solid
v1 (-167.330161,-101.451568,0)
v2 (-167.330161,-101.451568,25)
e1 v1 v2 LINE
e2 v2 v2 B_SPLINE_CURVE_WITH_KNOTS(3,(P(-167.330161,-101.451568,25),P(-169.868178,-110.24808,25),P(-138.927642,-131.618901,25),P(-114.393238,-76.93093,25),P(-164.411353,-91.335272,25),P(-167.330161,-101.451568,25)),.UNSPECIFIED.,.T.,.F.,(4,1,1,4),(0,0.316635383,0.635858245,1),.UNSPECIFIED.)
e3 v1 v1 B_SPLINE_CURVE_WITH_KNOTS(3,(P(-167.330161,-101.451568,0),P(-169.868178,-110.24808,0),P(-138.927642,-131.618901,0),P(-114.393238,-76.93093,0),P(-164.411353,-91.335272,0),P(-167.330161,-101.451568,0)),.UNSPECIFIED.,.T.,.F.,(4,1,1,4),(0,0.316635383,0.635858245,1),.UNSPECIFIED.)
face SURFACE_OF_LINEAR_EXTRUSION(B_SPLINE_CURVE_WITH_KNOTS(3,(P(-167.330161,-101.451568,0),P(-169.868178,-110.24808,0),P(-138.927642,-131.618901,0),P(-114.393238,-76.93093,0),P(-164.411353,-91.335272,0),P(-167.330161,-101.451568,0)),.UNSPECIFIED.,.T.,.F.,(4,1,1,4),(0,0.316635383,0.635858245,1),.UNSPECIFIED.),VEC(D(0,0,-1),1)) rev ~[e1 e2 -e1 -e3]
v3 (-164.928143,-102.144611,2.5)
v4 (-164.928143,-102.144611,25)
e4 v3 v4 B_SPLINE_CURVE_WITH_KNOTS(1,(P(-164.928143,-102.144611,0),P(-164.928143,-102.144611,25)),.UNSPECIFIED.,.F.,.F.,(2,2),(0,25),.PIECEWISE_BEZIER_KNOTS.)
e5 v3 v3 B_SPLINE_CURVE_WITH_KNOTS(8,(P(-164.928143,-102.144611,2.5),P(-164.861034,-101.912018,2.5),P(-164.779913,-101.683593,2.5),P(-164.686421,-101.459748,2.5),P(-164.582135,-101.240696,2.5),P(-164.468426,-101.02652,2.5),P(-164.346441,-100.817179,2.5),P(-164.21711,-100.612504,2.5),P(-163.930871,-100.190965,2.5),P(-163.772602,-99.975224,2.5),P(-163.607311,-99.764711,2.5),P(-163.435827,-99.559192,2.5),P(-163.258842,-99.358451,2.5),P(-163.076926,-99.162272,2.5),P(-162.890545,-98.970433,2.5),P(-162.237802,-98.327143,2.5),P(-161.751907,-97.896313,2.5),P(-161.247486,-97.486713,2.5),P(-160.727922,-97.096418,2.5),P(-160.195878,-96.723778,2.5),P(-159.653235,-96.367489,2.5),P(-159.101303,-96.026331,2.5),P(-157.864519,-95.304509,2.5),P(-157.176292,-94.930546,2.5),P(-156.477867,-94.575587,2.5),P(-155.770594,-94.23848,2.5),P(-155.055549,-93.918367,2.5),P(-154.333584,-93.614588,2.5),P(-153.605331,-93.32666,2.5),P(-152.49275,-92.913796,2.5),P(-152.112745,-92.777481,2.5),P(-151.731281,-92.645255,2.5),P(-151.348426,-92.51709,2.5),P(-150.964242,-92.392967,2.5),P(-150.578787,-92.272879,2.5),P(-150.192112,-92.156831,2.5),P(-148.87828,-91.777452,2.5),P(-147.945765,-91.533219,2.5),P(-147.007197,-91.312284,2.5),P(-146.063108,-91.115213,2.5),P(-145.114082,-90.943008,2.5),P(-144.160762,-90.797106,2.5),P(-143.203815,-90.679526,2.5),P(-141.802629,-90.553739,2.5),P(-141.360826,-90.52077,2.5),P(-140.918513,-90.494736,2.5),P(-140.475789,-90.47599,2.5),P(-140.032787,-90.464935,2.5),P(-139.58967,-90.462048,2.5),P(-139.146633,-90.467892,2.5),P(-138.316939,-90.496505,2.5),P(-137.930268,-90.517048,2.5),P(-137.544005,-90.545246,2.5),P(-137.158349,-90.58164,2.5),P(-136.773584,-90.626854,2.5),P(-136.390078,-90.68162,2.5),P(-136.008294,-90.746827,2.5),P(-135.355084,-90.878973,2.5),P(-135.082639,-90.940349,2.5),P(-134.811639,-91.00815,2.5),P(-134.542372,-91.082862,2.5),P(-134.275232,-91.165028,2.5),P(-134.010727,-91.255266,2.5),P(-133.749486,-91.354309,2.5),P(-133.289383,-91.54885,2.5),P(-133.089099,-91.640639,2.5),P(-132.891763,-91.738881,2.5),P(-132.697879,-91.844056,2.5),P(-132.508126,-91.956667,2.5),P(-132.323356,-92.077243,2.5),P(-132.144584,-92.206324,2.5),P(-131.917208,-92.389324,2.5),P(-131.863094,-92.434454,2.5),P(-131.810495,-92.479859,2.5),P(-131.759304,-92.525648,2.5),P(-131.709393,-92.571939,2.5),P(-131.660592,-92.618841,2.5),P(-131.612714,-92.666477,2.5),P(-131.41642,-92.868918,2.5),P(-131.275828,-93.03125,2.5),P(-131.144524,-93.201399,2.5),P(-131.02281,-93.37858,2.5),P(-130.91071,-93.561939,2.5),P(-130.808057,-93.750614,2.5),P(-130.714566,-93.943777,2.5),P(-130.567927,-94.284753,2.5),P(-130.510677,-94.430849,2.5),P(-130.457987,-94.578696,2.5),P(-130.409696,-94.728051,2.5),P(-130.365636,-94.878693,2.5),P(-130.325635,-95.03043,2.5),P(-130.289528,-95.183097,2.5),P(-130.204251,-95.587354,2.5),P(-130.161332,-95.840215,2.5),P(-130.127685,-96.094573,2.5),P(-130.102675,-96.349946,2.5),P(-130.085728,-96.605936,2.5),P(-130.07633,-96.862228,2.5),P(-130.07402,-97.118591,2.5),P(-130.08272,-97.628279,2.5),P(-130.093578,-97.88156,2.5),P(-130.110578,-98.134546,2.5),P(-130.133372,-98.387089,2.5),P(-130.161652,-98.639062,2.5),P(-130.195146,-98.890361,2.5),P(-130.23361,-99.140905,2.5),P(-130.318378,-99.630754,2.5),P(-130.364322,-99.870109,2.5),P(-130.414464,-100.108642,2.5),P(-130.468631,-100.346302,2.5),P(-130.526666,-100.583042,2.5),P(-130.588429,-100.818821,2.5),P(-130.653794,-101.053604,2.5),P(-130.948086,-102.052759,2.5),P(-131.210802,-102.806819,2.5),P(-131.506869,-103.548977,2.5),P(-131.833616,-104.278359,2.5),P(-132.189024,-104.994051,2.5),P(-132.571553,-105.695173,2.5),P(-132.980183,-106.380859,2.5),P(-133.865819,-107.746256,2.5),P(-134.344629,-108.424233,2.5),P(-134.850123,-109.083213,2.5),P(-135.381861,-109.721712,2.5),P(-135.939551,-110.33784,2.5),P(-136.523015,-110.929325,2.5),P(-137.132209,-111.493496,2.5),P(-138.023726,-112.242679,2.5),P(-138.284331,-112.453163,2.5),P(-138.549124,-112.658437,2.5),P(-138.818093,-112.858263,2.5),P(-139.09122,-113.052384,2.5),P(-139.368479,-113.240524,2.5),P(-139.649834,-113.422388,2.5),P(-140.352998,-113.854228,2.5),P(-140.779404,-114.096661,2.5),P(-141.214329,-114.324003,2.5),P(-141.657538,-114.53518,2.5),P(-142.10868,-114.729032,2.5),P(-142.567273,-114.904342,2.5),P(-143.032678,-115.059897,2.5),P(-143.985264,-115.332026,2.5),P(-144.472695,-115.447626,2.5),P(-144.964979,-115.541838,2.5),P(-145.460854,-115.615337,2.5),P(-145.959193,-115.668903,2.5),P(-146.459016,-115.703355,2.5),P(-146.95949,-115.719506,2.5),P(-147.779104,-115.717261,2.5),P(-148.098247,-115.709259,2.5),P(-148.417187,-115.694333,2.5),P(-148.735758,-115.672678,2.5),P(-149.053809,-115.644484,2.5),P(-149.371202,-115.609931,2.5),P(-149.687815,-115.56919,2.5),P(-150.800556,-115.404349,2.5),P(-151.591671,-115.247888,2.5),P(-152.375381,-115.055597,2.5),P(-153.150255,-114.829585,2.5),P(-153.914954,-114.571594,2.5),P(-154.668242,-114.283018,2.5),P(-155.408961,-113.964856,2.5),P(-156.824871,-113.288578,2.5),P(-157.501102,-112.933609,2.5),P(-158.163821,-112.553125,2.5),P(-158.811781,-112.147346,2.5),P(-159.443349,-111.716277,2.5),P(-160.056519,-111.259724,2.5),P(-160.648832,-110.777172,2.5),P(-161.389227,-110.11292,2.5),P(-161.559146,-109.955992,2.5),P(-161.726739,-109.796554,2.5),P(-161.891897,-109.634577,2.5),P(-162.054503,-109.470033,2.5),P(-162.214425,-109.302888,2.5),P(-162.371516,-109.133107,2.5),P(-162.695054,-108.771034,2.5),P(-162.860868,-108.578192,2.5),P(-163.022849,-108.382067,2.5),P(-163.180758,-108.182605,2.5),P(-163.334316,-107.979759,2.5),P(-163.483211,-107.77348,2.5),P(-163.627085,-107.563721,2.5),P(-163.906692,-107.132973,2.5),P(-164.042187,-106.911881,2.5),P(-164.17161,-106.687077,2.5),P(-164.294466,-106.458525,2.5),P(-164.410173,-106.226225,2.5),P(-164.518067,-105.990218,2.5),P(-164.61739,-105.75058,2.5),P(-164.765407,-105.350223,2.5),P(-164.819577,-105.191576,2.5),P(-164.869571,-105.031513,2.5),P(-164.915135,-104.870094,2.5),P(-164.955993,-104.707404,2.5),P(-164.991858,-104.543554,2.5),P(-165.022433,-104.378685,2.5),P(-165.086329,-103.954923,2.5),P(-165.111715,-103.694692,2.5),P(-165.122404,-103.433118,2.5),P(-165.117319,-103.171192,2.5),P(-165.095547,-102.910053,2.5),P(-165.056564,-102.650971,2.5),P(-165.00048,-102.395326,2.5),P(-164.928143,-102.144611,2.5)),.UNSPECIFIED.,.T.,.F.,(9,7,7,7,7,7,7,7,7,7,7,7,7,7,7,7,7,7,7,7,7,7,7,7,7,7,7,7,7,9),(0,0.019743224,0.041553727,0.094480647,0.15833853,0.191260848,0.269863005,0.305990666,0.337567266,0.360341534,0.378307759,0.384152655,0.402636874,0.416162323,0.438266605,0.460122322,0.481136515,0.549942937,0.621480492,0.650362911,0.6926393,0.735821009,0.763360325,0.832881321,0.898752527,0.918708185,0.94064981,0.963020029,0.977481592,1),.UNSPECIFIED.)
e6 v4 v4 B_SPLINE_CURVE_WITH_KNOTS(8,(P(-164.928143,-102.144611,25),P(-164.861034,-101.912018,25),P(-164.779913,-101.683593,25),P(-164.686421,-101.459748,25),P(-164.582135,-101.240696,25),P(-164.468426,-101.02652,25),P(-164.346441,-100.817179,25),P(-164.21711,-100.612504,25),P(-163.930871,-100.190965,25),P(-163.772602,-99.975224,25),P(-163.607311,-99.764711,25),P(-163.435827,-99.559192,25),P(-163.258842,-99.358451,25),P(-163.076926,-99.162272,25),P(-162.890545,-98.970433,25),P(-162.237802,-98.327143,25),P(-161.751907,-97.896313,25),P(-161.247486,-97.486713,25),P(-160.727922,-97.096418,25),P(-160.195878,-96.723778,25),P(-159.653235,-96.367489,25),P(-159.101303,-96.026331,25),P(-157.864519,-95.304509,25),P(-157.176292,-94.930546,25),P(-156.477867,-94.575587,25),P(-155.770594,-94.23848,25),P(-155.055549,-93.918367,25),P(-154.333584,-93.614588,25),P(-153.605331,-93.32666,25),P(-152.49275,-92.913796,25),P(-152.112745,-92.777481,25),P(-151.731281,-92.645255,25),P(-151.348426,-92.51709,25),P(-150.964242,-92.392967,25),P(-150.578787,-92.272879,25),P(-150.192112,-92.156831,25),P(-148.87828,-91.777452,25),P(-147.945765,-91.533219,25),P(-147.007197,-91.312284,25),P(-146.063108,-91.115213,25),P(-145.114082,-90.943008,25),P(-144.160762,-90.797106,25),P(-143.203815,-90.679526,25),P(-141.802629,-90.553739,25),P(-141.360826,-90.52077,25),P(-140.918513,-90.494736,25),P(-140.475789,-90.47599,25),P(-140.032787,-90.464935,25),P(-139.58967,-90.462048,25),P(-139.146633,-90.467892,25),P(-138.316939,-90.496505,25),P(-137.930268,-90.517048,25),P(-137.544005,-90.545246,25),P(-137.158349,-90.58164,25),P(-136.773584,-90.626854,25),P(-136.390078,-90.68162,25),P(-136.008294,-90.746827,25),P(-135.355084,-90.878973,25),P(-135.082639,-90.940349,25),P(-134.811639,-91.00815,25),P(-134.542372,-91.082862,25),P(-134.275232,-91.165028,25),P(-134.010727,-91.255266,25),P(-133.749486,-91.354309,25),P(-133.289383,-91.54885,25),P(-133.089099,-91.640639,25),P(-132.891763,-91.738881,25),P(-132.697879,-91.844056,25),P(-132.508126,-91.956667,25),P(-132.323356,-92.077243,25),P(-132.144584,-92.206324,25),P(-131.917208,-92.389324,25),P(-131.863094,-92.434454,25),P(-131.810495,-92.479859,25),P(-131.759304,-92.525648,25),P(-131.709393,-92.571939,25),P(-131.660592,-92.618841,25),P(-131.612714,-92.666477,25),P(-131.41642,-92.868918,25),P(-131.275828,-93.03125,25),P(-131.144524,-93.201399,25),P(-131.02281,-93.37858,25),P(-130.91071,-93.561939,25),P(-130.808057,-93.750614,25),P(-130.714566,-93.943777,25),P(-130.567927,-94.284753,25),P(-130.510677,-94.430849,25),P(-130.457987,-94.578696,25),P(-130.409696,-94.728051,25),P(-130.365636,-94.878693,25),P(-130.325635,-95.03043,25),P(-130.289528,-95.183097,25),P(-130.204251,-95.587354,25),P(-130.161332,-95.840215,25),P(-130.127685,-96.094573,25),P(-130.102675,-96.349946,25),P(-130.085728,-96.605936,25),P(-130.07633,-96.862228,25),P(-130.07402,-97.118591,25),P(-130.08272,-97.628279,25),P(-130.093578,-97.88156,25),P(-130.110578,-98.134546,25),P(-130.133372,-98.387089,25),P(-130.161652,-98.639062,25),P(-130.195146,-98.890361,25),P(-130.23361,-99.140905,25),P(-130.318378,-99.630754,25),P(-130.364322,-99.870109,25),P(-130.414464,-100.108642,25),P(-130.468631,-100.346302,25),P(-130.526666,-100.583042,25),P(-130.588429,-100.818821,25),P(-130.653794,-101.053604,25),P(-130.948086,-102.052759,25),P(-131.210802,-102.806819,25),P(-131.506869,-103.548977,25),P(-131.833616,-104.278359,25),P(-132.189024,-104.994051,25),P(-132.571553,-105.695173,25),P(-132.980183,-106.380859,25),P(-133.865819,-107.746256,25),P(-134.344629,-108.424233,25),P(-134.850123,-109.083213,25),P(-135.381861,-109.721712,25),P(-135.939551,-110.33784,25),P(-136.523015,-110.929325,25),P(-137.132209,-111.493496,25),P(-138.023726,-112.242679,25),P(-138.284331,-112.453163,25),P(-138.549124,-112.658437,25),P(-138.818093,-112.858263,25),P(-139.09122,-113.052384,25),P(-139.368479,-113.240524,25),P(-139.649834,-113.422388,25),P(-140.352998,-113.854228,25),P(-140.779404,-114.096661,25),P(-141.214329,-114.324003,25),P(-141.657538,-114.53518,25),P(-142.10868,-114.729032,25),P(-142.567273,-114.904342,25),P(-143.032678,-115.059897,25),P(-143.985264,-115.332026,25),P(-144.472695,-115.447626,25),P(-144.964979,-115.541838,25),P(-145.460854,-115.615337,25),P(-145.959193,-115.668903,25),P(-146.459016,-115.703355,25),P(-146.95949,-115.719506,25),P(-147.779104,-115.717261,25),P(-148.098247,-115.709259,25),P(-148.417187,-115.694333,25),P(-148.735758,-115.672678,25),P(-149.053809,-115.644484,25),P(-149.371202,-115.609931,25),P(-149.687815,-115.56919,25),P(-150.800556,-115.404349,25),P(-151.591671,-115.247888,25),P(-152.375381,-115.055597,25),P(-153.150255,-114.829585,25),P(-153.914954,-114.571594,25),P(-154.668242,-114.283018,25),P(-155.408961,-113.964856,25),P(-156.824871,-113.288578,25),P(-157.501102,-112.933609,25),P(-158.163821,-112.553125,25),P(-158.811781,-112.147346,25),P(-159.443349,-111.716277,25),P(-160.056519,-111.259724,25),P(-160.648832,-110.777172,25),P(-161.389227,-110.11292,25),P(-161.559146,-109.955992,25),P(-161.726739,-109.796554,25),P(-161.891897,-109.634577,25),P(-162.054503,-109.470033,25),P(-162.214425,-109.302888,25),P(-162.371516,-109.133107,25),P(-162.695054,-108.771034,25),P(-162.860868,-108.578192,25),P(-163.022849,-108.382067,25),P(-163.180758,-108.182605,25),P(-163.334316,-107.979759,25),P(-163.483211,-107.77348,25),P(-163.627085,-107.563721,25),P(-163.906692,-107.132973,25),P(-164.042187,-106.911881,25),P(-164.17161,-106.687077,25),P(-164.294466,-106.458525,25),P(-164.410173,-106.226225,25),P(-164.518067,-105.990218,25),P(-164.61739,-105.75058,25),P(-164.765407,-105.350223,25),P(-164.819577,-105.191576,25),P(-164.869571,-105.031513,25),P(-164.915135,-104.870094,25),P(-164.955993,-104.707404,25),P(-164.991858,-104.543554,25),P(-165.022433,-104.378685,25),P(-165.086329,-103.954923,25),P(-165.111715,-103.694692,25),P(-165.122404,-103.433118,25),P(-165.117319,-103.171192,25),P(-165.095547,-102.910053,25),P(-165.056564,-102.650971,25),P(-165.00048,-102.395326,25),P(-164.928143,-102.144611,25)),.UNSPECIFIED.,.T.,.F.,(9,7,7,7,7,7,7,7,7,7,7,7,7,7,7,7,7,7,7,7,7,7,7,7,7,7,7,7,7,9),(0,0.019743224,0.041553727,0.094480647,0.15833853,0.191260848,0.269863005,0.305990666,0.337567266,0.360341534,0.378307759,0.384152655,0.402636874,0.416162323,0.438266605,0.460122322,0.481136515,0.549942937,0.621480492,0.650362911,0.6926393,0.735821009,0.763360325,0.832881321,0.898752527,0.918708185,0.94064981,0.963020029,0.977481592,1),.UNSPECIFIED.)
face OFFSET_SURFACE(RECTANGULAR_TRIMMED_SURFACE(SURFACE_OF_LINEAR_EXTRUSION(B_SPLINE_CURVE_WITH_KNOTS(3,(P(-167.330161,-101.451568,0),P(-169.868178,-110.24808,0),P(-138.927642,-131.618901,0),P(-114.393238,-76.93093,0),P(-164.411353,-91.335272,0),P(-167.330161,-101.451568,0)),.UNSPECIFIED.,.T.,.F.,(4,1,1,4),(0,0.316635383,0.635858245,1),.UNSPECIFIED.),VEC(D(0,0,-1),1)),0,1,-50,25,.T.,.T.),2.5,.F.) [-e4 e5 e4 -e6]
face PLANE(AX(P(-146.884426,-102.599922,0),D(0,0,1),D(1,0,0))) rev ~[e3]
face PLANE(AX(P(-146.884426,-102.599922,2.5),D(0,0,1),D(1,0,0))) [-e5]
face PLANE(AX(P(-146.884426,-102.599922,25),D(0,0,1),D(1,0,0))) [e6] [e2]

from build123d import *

# Parameters (mm, degrees)
F1_DEPTH = 25
F2_T     = -2.5


with BuildPart() as f1:
    # F0 (on Top) → F1 (new body)
    with BuildSketch(Plane.XY):
        with BuildLine():
            add(Edge.make_bspline(
                [(-167.330160737, -101.4515683055), (-169.8681775196, -110.2480800782), (-138.9276419071, -131.6189006877), (-114.3932378729, -76.9309299867), (-164.4113527501, -91.3352723865), (-167.330160737, -101.4515683055)],
                knots=[0, 0, 0, 0, 0.3166353831, 0.6358582451, 1, 1, 1, 1], degree=3))
        make_face()
    extrude(amount=F1_DEPTH)

    # F2
    f2_openings = [f1.faces().sort_by_distance(p)[0] for p in [
        (-146.869685, -102.688907, 25),
    ]]
    offset(amount=F2_T, openings=f2_openings)


solid = f1.part
